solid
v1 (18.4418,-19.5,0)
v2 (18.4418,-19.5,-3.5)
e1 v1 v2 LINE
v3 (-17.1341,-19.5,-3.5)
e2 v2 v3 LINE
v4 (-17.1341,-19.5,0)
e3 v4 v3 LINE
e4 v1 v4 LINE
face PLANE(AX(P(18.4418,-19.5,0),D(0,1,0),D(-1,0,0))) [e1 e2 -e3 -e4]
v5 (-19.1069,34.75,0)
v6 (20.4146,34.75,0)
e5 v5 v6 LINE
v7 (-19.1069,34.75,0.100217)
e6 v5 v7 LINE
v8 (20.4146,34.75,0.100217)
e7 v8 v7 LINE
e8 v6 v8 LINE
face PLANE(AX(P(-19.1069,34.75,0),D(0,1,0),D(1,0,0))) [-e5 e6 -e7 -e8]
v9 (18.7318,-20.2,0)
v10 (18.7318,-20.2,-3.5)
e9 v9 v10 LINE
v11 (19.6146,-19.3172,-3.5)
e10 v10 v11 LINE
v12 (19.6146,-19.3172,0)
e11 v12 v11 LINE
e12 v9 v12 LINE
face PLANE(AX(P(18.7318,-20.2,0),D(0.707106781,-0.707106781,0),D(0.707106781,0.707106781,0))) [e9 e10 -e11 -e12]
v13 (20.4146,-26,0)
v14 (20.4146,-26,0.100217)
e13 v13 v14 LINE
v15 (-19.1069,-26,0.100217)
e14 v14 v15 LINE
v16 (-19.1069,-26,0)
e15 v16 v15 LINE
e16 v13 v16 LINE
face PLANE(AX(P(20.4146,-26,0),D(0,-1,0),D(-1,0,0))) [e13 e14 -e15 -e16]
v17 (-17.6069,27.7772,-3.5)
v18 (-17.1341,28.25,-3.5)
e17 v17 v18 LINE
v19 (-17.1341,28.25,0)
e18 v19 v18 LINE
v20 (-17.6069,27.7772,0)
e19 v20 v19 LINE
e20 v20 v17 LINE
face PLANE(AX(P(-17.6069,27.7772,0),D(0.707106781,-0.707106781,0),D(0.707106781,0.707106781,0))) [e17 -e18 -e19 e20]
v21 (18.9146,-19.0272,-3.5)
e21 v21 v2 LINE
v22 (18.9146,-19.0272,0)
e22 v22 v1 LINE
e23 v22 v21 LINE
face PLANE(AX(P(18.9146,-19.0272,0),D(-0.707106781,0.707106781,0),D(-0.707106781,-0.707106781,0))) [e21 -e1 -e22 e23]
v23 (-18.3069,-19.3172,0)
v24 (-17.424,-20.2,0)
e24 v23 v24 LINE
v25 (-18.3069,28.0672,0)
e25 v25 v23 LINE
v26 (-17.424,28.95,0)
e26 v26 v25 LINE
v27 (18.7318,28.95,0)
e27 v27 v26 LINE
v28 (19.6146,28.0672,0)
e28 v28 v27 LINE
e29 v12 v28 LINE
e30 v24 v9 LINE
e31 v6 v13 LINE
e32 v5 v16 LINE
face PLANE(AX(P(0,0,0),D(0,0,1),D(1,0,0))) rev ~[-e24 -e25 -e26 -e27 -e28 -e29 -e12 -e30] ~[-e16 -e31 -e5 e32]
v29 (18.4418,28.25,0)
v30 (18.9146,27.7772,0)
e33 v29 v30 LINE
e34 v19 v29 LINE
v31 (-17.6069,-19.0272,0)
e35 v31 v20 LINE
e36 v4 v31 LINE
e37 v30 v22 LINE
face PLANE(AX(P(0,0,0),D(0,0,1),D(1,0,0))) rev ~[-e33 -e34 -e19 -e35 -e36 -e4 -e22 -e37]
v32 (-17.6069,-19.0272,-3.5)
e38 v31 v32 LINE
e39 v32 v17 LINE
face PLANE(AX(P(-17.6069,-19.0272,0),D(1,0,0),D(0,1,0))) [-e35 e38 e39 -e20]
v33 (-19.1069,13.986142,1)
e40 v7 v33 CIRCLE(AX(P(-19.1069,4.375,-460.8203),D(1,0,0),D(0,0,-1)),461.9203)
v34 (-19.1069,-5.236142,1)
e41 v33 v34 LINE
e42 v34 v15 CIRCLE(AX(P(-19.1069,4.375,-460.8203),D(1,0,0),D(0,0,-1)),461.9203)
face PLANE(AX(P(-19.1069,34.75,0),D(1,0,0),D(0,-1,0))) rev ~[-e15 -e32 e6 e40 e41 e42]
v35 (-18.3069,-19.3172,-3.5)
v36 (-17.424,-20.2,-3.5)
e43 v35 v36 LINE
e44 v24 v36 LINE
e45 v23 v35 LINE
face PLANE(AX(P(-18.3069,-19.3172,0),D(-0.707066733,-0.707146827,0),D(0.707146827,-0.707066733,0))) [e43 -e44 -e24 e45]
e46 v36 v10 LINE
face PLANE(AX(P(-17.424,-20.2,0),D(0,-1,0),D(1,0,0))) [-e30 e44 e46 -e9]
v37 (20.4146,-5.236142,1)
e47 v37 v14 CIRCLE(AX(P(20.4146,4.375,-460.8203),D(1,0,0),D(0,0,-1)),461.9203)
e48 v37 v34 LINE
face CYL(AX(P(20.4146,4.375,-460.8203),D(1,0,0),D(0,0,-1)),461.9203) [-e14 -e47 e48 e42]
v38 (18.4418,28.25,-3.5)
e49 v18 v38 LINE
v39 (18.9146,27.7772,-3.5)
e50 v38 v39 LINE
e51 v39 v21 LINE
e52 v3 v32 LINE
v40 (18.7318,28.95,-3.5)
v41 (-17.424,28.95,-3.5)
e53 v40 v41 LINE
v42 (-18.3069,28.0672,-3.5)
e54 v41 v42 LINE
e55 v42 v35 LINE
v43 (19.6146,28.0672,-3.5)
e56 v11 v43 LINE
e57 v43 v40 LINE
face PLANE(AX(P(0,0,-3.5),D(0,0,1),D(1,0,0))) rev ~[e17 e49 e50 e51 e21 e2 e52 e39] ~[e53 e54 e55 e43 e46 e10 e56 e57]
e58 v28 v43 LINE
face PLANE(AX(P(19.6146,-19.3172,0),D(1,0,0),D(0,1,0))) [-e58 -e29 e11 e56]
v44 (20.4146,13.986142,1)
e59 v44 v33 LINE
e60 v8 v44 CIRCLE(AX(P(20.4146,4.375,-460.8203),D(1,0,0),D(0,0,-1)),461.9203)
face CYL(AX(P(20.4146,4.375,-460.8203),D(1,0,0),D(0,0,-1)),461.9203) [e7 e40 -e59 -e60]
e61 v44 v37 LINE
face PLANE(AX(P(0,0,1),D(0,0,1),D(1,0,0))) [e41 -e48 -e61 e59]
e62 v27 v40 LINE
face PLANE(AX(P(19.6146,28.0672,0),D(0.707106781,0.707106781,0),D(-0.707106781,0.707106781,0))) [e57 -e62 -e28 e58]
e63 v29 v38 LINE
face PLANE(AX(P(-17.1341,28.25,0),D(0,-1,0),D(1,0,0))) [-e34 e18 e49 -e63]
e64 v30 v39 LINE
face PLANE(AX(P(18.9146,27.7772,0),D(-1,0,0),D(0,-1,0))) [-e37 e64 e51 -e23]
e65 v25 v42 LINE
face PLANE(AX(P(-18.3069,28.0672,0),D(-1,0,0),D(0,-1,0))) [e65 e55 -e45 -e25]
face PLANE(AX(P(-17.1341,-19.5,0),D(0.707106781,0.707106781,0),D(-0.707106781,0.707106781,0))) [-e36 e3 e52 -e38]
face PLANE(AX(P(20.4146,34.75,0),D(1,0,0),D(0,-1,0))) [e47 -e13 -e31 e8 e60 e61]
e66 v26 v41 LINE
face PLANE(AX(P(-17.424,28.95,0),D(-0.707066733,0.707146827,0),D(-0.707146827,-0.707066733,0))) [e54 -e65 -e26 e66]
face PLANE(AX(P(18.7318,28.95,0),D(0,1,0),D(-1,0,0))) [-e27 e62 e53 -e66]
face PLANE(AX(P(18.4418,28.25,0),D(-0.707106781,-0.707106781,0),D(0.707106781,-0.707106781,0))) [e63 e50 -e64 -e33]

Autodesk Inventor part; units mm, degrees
ref_plane "YZ Plane" through (0, 0, 0) normal (1, 0, 0) x (0, 1, 0)
ref_plane "XZ Plane" through (0, 0, 0) normal (0, 1, 0) x (-1, 0, 0)
ref_plane "XY Plane" through (0, 0, 0) normal (0, 0, 1) x (1, 0, 0)
sketch "スケッチ2" plane through (0, 0, 0) normal (0, 0, 1) x (1, 0, 0)
  line L0 (-18.1069, 29.75) -> (19.4146, 29.75) projected
  line L1 (-19.1069, 28.75) -> (-18.1069, 29.75) projected
  line L2 (-19.1069, -20) -> (-19.1069, 28.75) projected
  line L3 (-17.5069, 29.15) -> (18.8146, 29.15) projected
  line L4 (19.8146, 28.15) -> (18.8146, 29.15) projected
  line L5 (19.8146, 28.15) -> (19.8146, -19.4) projected
  line L6 (18.8146, -20.4) -> (19.8146, -19.4) projected
  line L7 (18.8146, -20.4) -> (-17.5069, -20.4) projected
  line L8 (-18.5069, -19.4) -> (-17.5069, -20.4) projected
  line L9 (-18.5069, -19.4) -> (-18.5069, 28.15) projected
  line L10 (-17.5069, 29.15) -> (-18.5069, 28.15) projected
  line L11 (18.7318, 28.95) -> (-17.424, 28.95)
  line L12 (-17.424, 28.95) -> (-18.3069, 28.0672)
  line L13 (-18.3069, 28.0672) -> (-18.3069, -19.3172)
  line L14 (-18.3069, -19.3172) -> (-17.424, -20.2)
  line L15 (-17.424, -20.2) -> (18.7318, -20.2)
  line L16 (18.7318, -20.2) -> (19.6146, -19.3172)
  line L17 (19.6146, -19.3172) -> (19.6146, 28.0672)
  line L18 (19.6146, 28.0672) -> (18.7318, 28.95)
  line L19 (-17.1341, 28.25) -> (18.4418, 28.25)
  line L20 (18.4418, 28.25) -> (18.9146, 27.7772)
  line L21 (18.9146, 27.7772) -> (18.9146, -19.0272)
  line L22 (18.9146, -19.0272) -> (18.4418, -19.5)
  line L23 (18.4418, -19.5) -> (-17.1341, -19.5)
  line L24 (-17.1341, -19.5) -> (-17.6069, -19.0272)
  line L25 (-17.6069, -19.0272) -> (-17.6069, 27.7772)
  line L26 (-17.6069, 27.7772) -> (-17.1341, 28.25)
  line L27 (20.4146, 34.75) -> (20.4146, -26) projected
  line L28 (-19.1069, 34.75) -> (20.4146, 34.75) projected
  line L29 (-19.1069, 34.75) -> (-19.1069, -26) projected
  line L30 (20.4146, -26) -> (-19.1069, -26) projected
  point P0 (0, 0)
  point P1 (20.4146, -20)
  point P2 (20.4146, 28.75)
  dimension "d0" = 0.2
  dimension "d1" = 0.7
extrude "押し出し1" add sketch "スケッチ2" against normal blind 3.5 contours L18 L17 L16 L15 L14 L13 L12 L11
sketch "スケッチ3" plane through (0, 0, 0) normal (0, 0, 1) x (1, 0, 0)
  line L0 (-17.5069, 29.15) -> (18.8146, 29.15) projected
  line L1 (19.8146, 28.15) -> (18.8146, 29.15) projected
  line L2 (19.8146, 28.15) -> (19.8146, -19.4) projected
  line L3 (18.8146, -20.4) -> (19.8146, -19.4) projected
  line L4 (18.8146, -20.4) -> (-17.5069, -20.4) projected
  line L5 (-18.5069, -19.4) -> (-17.5069, -20.4) projected
  line L6 (-18.5069, -19.4) -> (-18.5069, 28.15) projected
  line L7 (-17.5069, 29.15) -> (-18.5069, 28.15) projected
  line L8 (20.4146, 34.75) -> (20.4146, -26) projected
  line L9 (-19.1069, 34.75) -> (20.4146, 34.75) projected
  line L10 (-19.1069, 34.75) -> (-19.1069, -26) projected
  line L11 (20.4146, -26) -> (-19.1069, -26) projected
  point P0 (0, 0)
  point P1 (-19.1069, 28.75)
  point P2 (-19.1069, -20)
  point P3 (20.4146, -20)
  point P4 (20.4146, 28.75)
extrude "押し出し2" add sketch "スケッチ3" along normal blind 1 contours L0 L1 L2 L3 L4 L5 L6 L7 | L8 L11 L10 L9
sketch "スケッチ4" plane through (20.4146, -26, 0) normal (1, 0, 0) x (0, 0, -1)
  line L0 (-1, 60.75) -> (-1, 0) projected
  line L1 (-1, 30.375) -> (0, 30.375)
  line L2 (0, 30.375) -> (92.3953, 30.375)
  circle A0 centre (460.8203, 30.375) radius 461.8203
  line L3 (-1, 0) -> (-1, 60.75) projected
  circle A1 centre (460.8203, 30.375) radius 461.9203
  line L4 (0, 0) -> (-1, 0) projected
  line L5 (0, 60.75) -> (-1, 60.75) projected
  point P0 (0, 26)
  point P1 (-0.1002, 60.75)
  point P2 (-1, 39.9861)
  point P3 (-0.1002, 0)
  point P4 (-1, 20.7639)
  dimension "d6" = 0.1
extrude "押し出し3" cut sketch "スケッチ4" against normal through all contours L5 A1 L0 | A1 L4 L0
properties part number "CaseButtom"
